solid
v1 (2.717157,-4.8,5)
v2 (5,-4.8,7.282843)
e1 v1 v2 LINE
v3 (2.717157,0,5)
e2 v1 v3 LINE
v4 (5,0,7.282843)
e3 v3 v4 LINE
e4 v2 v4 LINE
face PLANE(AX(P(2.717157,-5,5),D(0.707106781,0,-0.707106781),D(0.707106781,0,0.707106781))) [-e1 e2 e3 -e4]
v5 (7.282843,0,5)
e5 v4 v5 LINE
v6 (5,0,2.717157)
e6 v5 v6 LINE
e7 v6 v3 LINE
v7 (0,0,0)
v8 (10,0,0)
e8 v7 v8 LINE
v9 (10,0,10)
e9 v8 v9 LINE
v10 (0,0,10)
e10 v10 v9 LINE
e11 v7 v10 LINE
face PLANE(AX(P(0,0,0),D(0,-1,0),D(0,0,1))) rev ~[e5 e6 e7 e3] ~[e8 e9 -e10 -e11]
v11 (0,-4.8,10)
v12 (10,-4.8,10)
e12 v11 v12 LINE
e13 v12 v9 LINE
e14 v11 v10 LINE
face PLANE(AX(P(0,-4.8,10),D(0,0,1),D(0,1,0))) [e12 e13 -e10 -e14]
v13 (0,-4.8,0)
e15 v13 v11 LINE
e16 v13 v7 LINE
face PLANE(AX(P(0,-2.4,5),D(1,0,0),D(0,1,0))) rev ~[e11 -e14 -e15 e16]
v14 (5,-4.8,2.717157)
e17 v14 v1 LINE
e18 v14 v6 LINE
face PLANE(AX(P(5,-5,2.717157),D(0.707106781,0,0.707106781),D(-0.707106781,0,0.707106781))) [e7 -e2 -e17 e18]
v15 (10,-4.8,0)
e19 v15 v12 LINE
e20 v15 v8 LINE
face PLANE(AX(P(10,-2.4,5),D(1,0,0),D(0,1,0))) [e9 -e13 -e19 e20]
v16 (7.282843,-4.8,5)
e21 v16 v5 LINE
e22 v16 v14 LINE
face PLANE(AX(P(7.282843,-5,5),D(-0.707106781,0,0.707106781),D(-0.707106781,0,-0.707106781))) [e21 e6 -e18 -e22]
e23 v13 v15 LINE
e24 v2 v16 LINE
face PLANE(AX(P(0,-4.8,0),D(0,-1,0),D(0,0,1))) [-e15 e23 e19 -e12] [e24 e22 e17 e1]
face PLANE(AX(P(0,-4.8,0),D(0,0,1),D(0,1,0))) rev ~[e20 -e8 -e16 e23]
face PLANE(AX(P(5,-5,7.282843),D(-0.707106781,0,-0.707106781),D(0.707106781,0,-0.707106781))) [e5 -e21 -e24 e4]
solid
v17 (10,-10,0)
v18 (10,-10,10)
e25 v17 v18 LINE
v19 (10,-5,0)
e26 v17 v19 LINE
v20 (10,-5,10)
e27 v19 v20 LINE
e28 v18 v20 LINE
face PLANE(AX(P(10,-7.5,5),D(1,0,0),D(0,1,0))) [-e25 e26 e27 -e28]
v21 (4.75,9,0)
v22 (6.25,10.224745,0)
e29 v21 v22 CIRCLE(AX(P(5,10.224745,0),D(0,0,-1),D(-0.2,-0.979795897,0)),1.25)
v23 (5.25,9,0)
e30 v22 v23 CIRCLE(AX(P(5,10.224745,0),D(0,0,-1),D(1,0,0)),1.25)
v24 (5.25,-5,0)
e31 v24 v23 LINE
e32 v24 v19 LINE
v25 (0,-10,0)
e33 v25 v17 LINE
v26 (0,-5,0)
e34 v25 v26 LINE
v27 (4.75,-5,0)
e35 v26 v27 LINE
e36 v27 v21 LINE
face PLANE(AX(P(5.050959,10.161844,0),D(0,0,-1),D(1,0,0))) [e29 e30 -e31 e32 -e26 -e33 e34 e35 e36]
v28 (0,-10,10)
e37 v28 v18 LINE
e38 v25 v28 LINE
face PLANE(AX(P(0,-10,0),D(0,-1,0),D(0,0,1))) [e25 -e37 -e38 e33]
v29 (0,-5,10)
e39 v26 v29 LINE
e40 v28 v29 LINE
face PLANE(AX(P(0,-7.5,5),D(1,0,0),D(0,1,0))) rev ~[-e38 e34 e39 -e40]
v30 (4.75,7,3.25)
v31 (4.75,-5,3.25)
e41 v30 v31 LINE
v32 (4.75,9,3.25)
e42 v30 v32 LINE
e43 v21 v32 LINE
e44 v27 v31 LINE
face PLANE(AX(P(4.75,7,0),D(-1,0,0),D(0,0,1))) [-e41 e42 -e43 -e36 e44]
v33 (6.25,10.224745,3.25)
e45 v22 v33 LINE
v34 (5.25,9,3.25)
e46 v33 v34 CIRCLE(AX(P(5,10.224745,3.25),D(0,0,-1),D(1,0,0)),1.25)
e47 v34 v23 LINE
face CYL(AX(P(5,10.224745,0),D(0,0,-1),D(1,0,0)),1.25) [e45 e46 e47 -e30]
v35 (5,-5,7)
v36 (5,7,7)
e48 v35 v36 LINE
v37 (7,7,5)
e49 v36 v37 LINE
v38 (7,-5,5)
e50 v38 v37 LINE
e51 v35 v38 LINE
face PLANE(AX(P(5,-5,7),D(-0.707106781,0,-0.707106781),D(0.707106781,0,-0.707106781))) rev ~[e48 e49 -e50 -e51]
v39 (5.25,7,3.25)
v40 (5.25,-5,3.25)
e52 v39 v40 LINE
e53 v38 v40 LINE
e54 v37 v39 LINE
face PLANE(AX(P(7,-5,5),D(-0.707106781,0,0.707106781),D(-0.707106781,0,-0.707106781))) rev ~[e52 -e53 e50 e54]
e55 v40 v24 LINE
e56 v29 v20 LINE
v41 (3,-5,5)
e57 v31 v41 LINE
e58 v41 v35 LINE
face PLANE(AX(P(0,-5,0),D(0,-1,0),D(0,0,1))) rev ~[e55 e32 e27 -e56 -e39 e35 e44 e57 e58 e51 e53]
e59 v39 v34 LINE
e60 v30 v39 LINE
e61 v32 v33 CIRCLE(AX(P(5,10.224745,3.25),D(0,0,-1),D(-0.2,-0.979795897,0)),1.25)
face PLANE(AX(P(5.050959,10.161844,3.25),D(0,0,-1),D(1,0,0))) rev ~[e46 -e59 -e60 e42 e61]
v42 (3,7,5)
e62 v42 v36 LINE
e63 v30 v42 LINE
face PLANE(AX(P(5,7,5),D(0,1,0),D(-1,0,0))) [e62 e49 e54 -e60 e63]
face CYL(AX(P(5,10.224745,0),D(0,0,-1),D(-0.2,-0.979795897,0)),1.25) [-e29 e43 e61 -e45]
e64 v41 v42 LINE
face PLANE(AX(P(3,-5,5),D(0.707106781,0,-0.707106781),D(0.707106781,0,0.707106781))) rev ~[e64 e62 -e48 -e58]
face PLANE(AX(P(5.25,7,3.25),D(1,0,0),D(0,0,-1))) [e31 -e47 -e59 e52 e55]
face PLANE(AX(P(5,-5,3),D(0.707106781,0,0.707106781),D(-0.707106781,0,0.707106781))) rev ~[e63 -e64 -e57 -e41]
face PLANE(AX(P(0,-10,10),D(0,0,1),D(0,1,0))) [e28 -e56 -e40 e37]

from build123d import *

# Parameters (mm, degrees)
F0_W          = 5
F0_H          = 10
F1_DEPTH      = 10
F0_W_2        = 4.8
F2_DEPTH      = 10
F4_DEPTH      = 10
F5_DEPTH      = 12
F7_DEPTH      = 2
F7_DEPTH_BACK = 12
F9_DEPTH      = 3.25


with BuildPart() as f1:
    # F0 (on Right) → F1 (new body)
    with BuildSketch(Plane.YZ):
        with Locations((-7.5, 5)):
            Rectangle(F0_W, F0_H)
    extrude(amount=F1_DEPTH)

    # F3 (on face) → F5 (join)
    with BuildSketch(Plane(origin=(0, -5, 0), x_dir=(-1, 0, 0), z_dir=(0, 1, 0))):
        Polygon((-7, 5), (-5, 3), (-3, 5), (-5, 7), align=None)
    extrude(amount=F5_DEPTH)

    # F6 (on face) → F7 (join, two sides)
    with BuildSketch(Plane(origin=(0, 7, 0), x_dir=(-1, 0, 0), z_dir=(0, 1, 0))) as f7_sk:
        Polygon((-5, 3), (-5.25, 3.25), (-5.25, 0), (-4.75, 0), (-4.75, 3.25), align=None)
        Polygon((-4.75, 3.25), (-5.25, 3.25), (-5, 3), align=None)
    extrude(amount=F7_DEPTH)
    extrude(f7_sk.sketch, amount=-F7_DEPTH_BACK)

    # F8 (on face) → F9 (join, through all)
    with BuildSketch(Plane(origin=(0, 0, 0), x_dir=(1, 0, 0), z_dir=(0, 0, -1))):
        with BuildLine():
            ThreePointArc((4.75, -9), (4.209430585, -11.1929907079), (6.25, -10.2247448714))
            ThreePointArc((6.25, -10.2247448714), (5.9682458366, -9.4341754563), (5.25, -9))
            Line((5.25, -9), (4.75, -9))
        make_face()
    extrude(amount=-F9_DEPTH)


with BuildPart() as f2:
    # F0 (on Right) → F2 (new body)
    with BuildSketch(Plane.YZ):
        with Locations((-2.4, 5)):
            Rectangle(F0_W_2, F0_H)
    extrude(amount=F2_DEPTH)

    # F3 (on face) → F4 (cut)
    with BuildSketch(Plane(origin=(0, -5, 0), x_dir=(-1, 0, 0), z_dir=(0, 1, 0))):
        Polygon((-7.2828427125, 5), (-5, 2.7171572875), (-2.7171572875, 5), (-5, 7.2828427125), align=None)
        Polygon((-3, 5), (-5, 3), (-7, 5), (-5, 7), align=None, mode=Mode.SUBTRACT)
        Polygon((-7, 5), (-5, 3), (-3, 5), (-5, 7), align=None)
    extrude(amount=F4_DEPTH, mode=Mode.SUBTRACT)


solid = Compound([f1.part, f2.part])
